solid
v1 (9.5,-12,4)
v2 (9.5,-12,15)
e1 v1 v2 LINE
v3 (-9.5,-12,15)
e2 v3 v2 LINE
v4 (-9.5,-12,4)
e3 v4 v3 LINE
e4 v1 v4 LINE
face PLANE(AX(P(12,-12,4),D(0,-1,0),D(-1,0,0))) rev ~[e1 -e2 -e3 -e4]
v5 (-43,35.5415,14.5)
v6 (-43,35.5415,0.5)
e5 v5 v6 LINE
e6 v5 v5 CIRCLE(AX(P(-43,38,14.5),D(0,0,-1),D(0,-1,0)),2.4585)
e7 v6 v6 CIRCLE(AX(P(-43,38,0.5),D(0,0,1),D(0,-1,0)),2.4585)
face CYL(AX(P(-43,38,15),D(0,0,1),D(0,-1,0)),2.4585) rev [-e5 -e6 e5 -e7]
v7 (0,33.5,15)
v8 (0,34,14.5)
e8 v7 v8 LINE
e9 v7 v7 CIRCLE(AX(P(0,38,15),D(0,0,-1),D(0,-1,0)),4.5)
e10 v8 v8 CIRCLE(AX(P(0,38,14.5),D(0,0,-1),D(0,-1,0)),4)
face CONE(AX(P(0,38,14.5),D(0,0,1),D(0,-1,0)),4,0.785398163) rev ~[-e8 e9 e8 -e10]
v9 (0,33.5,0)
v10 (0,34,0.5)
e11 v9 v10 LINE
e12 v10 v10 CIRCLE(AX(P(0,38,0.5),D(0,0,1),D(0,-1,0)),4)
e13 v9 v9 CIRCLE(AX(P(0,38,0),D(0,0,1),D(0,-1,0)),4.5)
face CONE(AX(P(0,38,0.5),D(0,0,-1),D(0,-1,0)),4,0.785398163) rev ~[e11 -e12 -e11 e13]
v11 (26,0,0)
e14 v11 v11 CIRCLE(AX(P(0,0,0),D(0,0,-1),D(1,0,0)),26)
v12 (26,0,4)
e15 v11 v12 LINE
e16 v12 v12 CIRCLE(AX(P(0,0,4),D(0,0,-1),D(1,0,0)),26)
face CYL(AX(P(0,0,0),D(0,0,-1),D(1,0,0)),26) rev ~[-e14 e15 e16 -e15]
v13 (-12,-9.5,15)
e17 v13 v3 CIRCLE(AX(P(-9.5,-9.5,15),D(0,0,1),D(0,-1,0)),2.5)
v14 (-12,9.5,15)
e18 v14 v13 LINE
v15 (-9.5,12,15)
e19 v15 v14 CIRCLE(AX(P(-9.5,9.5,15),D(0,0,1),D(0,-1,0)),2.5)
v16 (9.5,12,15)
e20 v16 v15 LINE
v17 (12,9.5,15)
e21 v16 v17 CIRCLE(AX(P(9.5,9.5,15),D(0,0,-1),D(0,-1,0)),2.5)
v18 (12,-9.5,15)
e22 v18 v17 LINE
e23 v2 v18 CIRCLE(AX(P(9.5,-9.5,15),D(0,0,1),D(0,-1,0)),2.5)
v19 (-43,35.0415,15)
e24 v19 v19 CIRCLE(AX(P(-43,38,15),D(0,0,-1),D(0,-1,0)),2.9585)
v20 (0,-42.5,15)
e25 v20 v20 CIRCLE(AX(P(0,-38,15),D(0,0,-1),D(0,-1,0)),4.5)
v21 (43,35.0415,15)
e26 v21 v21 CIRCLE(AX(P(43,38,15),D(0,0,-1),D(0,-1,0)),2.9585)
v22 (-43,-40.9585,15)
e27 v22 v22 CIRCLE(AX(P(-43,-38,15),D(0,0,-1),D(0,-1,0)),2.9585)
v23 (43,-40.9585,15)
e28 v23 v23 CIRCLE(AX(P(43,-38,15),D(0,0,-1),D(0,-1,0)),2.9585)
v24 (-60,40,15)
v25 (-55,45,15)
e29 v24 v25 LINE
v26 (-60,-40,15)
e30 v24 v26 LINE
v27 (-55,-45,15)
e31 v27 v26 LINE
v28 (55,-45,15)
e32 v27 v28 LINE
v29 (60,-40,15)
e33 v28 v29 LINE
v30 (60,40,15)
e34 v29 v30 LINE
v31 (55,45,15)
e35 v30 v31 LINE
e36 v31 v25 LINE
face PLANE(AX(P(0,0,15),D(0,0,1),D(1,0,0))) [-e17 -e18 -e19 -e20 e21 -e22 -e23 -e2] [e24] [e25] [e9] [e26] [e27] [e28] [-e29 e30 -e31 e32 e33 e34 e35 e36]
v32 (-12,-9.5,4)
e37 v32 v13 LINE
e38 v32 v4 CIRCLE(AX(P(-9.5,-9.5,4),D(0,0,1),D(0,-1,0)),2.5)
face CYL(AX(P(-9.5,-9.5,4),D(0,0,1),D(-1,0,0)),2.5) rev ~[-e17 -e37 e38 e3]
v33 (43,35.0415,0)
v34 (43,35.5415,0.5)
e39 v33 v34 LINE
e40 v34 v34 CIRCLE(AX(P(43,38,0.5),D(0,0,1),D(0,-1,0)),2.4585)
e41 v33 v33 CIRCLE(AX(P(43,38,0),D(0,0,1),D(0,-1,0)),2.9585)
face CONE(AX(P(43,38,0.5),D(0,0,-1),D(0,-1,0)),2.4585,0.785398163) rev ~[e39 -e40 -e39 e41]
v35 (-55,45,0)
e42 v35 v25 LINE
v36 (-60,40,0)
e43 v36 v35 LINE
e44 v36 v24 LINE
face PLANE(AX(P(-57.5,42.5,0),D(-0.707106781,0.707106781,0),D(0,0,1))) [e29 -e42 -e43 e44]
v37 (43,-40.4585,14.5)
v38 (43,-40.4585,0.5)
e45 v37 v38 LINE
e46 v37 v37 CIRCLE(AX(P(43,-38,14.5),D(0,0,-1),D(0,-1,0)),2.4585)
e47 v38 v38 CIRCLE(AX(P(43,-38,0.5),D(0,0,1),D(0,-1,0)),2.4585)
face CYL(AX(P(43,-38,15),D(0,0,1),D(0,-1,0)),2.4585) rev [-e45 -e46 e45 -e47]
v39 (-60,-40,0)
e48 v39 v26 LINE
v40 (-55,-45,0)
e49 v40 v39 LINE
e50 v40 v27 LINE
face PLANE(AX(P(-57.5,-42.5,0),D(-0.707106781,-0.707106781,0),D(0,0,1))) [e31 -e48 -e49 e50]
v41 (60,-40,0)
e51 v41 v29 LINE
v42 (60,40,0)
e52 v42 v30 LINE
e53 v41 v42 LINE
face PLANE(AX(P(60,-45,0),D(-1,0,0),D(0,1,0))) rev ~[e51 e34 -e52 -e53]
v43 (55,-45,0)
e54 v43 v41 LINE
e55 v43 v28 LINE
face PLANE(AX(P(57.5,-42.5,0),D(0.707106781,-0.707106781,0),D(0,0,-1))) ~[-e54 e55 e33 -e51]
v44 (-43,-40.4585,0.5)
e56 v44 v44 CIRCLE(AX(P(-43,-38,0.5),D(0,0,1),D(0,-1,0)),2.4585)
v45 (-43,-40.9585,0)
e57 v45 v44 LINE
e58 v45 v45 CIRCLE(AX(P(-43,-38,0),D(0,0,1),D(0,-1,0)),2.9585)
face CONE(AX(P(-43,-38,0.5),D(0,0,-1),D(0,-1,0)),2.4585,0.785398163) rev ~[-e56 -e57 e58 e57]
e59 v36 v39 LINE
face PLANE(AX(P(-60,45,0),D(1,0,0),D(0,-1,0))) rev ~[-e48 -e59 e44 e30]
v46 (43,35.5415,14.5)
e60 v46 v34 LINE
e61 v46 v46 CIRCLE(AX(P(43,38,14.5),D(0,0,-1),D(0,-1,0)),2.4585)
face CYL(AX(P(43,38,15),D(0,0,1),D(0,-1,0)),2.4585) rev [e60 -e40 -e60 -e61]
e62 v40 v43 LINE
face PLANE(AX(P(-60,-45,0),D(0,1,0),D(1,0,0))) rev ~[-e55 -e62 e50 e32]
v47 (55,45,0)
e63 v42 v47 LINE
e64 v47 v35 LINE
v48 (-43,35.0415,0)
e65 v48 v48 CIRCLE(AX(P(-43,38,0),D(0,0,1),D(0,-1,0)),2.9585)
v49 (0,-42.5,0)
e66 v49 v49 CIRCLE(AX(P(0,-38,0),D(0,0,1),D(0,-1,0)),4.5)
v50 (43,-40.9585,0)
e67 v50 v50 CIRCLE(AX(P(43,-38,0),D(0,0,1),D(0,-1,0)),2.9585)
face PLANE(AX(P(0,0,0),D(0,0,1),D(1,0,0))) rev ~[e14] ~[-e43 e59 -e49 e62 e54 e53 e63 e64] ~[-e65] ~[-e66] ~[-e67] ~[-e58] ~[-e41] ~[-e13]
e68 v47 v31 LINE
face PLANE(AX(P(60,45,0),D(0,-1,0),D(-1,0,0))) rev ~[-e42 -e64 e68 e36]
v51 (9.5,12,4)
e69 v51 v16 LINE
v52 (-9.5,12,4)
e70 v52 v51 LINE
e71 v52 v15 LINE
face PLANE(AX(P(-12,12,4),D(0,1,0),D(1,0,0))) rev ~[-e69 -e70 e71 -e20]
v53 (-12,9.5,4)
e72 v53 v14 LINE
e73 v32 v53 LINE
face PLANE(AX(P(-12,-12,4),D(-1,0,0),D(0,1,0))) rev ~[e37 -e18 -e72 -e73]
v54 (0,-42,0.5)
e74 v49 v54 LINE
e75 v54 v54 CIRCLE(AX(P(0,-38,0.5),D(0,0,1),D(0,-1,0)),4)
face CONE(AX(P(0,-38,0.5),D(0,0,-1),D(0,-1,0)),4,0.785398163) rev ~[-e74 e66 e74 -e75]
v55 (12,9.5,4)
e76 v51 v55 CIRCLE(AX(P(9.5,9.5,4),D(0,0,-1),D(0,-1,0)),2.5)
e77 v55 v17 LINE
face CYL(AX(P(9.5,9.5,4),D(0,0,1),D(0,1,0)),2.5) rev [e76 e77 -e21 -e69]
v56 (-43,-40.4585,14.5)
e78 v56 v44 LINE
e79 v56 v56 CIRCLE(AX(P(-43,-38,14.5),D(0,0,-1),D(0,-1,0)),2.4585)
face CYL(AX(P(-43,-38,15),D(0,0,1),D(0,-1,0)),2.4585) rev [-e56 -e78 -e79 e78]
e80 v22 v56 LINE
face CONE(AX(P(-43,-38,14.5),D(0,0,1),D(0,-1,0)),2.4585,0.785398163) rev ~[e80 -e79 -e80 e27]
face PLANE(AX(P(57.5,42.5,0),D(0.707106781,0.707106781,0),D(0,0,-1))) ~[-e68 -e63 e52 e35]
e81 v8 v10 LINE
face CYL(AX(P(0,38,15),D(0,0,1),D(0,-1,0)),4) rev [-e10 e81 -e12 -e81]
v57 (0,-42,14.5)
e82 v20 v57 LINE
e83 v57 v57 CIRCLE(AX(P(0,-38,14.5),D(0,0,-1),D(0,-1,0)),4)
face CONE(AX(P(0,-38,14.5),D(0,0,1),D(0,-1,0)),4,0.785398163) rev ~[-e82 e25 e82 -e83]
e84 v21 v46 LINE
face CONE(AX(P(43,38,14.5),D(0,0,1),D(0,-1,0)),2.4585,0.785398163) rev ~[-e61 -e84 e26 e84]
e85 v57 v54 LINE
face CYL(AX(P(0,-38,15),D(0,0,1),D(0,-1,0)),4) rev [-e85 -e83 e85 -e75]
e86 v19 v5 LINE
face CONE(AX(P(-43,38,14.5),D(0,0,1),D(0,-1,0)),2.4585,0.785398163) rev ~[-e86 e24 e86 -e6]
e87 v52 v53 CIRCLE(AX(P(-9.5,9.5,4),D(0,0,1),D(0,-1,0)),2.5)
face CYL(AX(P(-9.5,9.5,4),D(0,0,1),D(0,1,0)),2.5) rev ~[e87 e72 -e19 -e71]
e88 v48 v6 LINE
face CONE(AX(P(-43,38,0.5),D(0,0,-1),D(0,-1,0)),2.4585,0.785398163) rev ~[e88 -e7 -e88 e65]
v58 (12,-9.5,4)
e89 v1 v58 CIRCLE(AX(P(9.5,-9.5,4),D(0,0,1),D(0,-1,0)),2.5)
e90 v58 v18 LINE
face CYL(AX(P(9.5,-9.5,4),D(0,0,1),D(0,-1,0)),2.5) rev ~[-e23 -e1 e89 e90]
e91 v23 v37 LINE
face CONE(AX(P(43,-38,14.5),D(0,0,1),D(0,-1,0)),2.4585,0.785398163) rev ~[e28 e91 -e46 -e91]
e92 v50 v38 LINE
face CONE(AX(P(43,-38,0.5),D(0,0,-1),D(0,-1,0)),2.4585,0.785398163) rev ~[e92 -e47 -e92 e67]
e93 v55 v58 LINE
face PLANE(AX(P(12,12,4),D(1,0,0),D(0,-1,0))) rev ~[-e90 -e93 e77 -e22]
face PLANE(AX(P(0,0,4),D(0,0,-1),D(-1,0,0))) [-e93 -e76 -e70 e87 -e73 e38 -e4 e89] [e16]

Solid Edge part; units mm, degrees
sketch "Sketch1" plane through (0, 0, 0) normal (0, 0, 1) x (1, 0, 0)
  line L0 (-60, -45) -> (60, -45)
  line L1 (60, -45) -> (60, 45)
  line L2 (60, 45) -> (-60, 45)
  line L3 (-60, 45) -> (-60, -45)
extrude "Protrusion1" add sketch "Sketch1" along normal blind 15
sketch "Sketch2" plane through (0, 0, 0) normal (0, 0, -1) x (1, 0, 0)
  circle A0 centre (0, 0) radius 26
  dimension "D1" = 52
extrude "VaciadoExtruido_1" cut sketch "Sketch2" against normal blind 4
sketch "Sketch3" plane through (0, 0, 4) normal (0, 0, -1) x (1, 0, 0)
  line L0 (-12, -12) -> (12, -12)
  line L1 (12, -12) -> (12, 12)
  line L2 (12, 12) -> (-12, 12)
  line L3 (-12, 12) -> (-12, -12)
  dimension "D1" = 24
  dimension "D2" = 24
extrude "Cutout1" cut sketch "Sketch3" against normal through all
fillet "Redondeo_1" radius 2.5 4 edges at (-12, 12, 9.5) (-12, -12, 9.5) (12, -12, 9.5) (12, 12, 9.5)
chamfer "Chaflán_1" distance 5 angle 45 4 edges at (-60, 45, 7.5) (-60, -45, 7.5) (60, -45, 7.5) (60, 45, 7.5)
hole "Agujero_1" at (0, 38, 15) direction (0, 0, -1) diameter 8 end up to next start chamfer 0.5 start chamfer angle 45 end chamfer 0.5 end chamfer angle 45
hole "Hole1" at (0, -38, 15) direction (0, 0, -1) diameter 8 end up to next start chamfer 0.5 start chamfer angle 45 end chamfer 0.5 end chamfer angle 45
hole "Hole2" at (43, -38, 15) direction (0, 0, -1) diameter 4.917 end through all start chamfer 0.5 start chamfer angle 45 end chamfer 0.5 end chamfer angle 45
hole "Hole3" at (-43, -38, 15) direction (0, 0, -1) diameter 4.917 end through all start chamfer 0.5 start chamfer angle 45 end chamfer 0.5 end chamfer angle 45
hole "Hole4" at (-43, 38, 15) direction (0, 0, -1) diameter 4.917 end through all start chamfer 0.5 start chamfer angle 45 end chamfer 0.5 end chamfer angle 45
hole "Hole5" at (43, 38, 15) direction (0, 0, -1) diameter 4.917 end through all start chamfer 0.5 start chamfer angle 45 end chamfer 0.5 end chamfer angle 45
properties part number "1976-1200-001" material "Aluminio, 7075-T6"
